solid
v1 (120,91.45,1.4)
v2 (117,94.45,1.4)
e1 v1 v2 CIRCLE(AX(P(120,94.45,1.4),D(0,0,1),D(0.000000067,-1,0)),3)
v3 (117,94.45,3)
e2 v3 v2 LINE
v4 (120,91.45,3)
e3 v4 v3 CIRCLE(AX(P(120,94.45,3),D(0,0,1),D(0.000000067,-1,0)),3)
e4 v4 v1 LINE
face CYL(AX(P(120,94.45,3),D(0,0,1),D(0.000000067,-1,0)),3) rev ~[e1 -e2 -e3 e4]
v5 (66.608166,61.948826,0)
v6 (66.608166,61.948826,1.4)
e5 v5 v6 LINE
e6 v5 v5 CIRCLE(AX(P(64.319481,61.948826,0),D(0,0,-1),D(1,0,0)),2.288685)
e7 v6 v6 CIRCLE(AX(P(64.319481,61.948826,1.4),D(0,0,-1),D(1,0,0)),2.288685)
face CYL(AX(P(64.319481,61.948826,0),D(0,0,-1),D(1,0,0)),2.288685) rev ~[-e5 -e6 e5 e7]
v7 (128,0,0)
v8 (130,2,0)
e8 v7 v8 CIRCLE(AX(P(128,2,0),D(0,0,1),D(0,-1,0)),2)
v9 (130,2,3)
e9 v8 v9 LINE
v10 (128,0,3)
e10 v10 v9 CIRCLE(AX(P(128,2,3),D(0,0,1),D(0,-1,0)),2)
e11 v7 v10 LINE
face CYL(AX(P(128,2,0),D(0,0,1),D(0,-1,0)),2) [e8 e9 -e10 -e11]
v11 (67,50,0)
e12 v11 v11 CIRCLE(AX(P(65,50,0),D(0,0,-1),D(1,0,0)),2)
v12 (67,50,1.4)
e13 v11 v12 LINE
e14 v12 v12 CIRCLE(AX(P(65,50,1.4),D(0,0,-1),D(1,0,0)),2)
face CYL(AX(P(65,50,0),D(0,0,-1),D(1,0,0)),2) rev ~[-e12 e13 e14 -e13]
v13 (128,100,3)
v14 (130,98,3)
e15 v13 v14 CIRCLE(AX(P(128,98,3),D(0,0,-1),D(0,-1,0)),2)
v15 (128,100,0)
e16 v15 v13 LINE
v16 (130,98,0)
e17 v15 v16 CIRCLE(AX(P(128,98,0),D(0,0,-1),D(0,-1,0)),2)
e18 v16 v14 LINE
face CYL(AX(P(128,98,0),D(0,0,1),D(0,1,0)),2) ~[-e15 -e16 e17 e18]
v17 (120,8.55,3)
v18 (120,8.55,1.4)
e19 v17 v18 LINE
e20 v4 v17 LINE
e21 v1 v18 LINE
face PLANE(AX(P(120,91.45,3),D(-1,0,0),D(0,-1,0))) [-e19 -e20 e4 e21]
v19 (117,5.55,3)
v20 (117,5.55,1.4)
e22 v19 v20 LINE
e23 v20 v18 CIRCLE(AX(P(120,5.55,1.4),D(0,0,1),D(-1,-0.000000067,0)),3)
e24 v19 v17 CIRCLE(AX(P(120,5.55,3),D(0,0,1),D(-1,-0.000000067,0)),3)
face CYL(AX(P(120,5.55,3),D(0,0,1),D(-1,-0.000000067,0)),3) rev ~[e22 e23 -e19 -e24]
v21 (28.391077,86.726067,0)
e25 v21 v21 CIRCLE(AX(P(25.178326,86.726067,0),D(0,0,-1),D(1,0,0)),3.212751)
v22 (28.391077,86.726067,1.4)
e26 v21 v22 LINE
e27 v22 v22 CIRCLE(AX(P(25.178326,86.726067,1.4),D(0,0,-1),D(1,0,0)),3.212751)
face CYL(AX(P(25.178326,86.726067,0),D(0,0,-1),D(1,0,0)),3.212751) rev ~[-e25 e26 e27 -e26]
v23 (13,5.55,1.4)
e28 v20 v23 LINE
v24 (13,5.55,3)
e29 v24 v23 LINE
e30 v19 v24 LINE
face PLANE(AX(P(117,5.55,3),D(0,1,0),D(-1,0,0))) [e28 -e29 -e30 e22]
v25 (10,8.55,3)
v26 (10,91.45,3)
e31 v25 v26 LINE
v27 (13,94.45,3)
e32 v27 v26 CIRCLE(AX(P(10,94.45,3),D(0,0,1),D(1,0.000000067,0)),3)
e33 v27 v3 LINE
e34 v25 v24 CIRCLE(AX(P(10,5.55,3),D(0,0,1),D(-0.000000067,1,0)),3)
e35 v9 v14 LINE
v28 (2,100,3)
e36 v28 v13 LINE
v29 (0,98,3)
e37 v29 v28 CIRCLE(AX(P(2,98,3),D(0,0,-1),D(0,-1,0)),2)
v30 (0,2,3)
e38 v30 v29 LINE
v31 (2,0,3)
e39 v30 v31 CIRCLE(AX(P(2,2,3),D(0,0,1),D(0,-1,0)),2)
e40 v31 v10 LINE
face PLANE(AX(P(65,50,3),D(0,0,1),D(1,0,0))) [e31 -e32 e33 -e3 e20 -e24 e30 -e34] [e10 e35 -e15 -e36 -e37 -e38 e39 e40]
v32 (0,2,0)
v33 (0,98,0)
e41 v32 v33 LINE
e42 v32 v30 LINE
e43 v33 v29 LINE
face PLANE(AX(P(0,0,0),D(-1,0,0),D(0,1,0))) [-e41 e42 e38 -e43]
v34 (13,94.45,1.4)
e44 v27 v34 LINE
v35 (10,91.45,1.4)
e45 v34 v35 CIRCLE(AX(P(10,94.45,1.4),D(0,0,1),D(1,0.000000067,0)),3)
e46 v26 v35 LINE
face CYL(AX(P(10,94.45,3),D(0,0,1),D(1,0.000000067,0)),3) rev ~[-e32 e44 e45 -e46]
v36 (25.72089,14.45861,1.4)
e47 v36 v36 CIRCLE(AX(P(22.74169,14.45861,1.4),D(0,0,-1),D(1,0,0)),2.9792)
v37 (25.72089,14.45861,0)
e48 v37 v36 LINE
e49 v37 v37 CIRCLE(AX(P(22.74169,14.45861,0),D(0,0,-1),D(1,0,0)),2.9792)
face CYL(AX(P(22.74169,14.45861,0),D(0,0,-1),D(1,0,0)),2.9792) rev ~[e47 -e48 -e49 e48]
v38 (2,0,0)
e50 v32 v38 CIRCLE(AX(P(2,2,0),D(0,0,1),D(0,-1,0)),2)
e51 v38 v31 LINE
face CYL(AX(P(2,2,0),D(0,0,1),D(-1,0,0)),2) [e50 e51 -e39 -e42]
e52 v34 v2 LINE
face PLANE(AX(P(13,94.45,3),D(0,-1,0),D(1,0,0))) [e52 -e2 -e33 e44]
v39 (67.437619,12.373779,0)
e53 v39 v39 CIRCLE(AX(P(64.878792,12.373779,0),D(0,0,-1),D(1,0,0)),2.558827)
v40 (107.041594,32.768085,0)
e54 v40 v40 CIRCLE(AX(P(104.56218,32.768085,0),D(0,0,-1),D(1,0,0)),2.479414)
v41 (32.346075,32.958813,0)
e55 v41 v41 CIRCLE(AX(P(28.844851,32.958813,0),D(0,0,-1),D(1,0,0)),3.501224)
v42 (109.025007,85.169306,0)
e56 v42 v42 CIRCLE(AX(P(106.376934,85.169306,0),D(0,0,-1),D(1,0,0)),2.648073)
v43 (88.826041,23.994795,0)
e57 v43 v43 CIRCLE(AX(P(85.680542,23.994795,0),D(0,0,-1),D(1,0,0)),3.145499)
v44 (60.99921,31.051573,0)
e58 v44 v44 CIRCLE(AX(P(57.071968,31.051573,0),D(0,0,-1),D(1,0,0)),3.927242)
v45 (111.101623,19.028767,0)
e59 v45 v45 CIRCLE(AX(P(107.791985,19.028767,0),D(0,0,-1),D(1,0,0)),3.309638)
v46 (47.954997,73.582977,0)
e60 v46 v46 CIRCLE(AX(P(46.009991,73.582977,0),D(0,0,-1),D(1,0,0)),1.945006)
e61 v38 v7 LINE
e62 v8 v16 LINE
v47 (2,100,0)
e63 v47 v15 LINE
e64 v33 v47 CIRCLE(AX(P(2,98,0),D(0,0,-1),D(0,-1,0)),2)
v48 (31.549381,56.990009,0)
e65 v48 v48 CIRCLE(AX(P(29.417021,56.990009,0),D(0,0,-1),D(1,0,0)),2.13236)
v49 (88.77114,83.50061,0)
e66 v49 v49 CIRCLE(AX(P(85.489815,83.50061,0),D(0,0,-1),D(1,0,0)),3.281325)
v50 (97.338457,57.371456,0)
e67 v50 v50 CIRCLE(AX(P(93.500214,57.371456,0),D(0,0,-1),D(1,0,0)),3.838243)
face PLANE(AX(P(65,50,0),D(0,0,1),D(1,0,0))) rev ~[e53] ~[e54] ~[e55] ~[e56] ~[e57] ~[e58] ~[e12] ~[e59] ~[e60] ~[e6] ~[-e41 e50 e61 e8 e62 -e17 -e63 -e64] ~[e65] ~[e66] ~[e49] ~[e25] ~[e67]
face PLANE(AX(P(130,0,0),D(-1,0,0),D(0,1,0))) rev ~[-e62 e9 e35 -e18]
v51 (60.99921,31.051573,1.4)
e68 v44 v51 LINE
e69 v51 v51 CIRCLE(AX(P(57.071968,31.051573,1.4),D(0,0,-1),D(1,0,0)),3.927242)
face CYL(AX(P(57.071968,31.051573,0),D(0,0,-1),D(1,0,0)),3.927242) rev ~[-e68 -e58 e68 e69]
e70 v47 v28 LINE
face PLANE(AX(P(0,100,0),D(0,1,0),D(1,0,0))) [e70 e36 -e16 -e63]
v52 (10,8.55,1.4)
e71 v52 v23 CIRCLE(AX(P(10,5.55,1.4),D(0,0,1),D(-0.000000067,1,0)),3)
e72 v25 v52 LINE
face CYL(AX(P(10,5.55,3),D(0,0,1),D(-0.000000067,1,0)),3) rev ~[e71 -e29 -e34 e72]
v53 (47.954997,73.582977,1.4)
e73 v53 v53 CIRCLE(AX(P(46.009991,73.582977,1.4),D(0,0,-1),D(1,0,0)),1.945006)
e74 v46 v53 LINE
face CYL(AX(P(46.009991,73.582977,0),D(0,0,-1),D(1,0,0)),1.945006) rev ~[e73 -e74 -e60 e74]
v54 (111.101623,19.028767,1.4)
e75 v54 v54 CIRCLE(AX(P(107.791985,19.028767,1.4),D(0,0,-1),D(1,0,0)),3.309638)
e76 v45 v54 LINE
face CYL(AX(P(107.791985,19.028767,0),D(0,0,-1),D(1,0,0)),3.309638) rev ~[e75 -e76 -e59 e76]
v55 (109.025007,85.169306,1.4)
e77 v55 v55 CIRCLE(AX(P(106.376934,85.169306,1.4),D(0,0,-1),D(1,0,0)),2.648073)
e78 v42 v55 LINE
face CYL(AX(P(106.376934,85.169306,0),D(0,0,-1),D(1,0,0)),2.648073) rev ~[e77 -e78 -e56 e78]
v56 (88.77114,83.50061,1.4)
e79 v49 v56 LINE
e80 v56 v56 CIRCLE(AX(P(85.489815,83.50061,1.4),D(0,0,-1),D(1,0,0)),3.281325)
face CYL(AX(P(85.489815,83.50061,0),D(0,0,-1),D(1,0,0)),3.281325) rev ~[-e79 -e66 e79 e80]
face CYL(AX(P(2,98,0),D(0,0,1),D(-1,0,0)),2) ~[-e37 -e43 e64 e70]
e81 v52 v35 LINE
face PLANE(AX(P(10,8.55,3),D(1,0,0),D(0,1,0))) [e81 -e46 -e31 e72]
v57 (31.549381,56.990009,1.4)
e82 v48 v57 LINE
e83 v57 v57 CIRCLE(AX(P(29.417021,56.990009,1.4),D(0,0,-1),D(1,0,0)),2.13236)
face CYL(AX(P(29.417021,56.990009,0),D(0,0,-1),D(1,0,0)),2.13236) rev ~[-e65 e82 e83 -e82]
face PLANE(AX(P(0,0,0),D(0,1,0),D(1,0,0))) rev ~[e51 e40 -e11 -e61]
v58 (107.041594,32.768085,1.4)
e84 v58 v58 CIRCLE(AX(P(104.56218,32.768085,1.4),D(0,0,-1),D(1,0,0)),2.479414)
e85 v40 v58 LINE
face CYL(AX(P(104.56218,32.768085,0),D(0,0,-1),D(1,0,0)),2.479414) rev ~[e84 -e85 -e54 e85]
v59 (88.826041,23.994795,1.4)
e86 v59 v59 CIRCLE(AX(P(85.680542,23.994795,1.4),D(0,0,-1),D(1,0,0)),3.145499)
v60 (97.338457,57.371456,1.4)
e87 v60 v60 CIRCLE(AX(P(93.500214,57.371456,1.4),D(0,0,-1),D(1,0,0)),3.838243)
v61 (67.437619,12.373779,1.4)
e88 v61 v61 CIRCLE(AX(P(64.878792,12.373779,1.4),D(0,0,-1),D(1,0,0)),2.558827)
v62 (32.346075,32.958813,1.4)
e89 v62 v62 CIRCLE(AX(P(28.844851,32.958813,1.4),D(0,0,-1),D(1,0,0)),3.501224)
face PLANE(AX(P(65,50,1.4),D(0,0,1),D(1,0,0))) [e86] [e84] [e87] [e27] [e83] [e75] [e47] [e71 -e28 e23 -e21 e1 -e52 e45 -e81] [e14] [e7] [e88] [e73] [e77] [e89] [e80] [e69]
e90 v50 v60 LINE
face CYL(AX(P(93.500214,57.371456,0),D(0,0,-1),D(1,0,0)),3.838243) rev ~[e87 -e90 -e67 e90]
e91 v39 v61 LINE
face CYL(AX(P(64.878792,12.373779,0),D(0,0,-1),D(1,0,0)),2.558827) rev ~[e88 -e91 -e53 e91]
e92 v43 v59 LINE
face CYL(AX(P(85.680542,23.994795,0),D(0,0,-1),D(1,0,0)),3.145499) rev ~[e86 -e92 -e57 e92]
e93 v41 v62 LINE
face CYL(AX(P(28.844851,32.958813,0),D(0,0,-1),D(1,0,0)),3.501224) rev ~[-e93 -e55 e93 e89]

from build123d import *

# Parameters (mm, degrees)
SKETCH_W        = 130
SKETCH_H        = 100
PAD_DEPTH       = 3
POCKET_DEPTH    = 1.6
SKETCH002_R     = 2
SKETCH002_R_2   = 3.501224
SKETCH002_R_3   = 3.145499
SKETCH002_R_4   = 3.838243
SKETCH002_R_5   = 3.281325
SKETCH002_R_6   = 2.288685
SKETCH002_R_7   = 1.945006
SKETCH002_R_8   = 2.13236
SKETCH002_R_9   = 3.927242
SKETCH002_R_10  = 2.558827
SKETCH002_R_11  = 2.9792
SKETCH002_R_12  = 2.479414
SKETCH002_R_13  = 2.648073
SKETCH002_R_14  = 3.212751
SKETCH002_R_15  = 3.309638
POCKET001_DEPTH = 3.001
FILLET_R        = 2


with BuildPart() as part:
    # Sketch → Pad (new body)
    with BuildSketch(Plane.XY):
        with Locations((65, 50)):
            Rectangle(SKETCH_W, SKETCH_H)
    extrude(amount=PAD_DEPTH)

    # Sketch001 (on Face6 of Pad) → Pocket (cut)
    with BuildSketch(Plane.XY.offset(3)):
        with BuildLine():
            ThreePointArc((117, 5.55), (122.12132, 3.42868), (120, 8.55))
            Line((120, 91.45), (120, 8.55))
            ThreePointArc((120, 91.45), (122.12132, 96.57132), (117, 94.45))
            Line((13, 94.45), (117, 94.45))
            ThreePointArc((13, 94.45), (7.87868, 96.57132), (10, 91.45))
            Line((10, 8.55), (10, 91.45))
            ThreePointArc((10, 8.55), (7.87868, 3.42868), (13, 5.55))
            Line((117, 5.55), (13, 5.55))
        make_face()
    extrude(amount=-POCKET_DEPTH, mode=Mode.SUBTRACT)

    # Sketch002 (on Face4 of Pocket) → Pocket001 (cut, through all)
    with BuildSketch(Plane(origin=(0, 0, 0), x_dir=(1, 0, 0), z_dir=(0, 0, -1))):
        with Locations((65, -50)):
            Circle(SKETCH002_R)
        with Locations((28.844851, -32.958813)):
            Circle(SKETCH002_R_2)
        with Locations((85.680542, -23.994795)):
            Circle(SKETCH002_R_3)
        with Locations((93.500214, -57.371456)):
            Circle(SKETCH002_R_4)
        with Locations((85.489815, -83.50061)):
            Circle(SKETCH002_R_5)
        with Locations((64.319481, -61.948826)):
            Circle(SKETCH002_R_6)
        with Locations((46.009991, -73.582977)):
            Circle(SKETCH002_R_7)
        with Locations((29.417021, -56.990009)):
            Circle(SKETCH002_R_8)
        with Locations((57.071968, -31.051573)):
            Circle(SKETCH002_R_9)
        with Locations((64.878792, -12.373779)):
            Circle(SKETCH002_R_10)
        with Locations((22.74169, -14.45861)):
            Circle(SKETCH002_R_11)
        with Locations((104.56218, -32.768085)):
            Circle(SKETCH002_R_12)
        with Locations((106.376934, -85.169306)):
            Circle(SKETCH002_R_13)
        with Locations((25.178326, -86.726067)):
            Circle(SKETCH002_R_14)
        with Locations((107.791985, -19.028767)):
            Circle(SKETCH002_R_15)
    extrude(amount=-POCKET001_DEPTH, mode=Mode.SUBTRACT)

    # Fillet
    fillet_edges = [part.edges().sort_by_distance(p)[0] for p in [
        (130, 0, 1.5),
        (0, 0, 1.5),
        (130, 100, 1.5),
        (0, 100, 1.5),
    ]]
    fillet(fillet_edges, radius=FILLET_R)


solid = part.part
